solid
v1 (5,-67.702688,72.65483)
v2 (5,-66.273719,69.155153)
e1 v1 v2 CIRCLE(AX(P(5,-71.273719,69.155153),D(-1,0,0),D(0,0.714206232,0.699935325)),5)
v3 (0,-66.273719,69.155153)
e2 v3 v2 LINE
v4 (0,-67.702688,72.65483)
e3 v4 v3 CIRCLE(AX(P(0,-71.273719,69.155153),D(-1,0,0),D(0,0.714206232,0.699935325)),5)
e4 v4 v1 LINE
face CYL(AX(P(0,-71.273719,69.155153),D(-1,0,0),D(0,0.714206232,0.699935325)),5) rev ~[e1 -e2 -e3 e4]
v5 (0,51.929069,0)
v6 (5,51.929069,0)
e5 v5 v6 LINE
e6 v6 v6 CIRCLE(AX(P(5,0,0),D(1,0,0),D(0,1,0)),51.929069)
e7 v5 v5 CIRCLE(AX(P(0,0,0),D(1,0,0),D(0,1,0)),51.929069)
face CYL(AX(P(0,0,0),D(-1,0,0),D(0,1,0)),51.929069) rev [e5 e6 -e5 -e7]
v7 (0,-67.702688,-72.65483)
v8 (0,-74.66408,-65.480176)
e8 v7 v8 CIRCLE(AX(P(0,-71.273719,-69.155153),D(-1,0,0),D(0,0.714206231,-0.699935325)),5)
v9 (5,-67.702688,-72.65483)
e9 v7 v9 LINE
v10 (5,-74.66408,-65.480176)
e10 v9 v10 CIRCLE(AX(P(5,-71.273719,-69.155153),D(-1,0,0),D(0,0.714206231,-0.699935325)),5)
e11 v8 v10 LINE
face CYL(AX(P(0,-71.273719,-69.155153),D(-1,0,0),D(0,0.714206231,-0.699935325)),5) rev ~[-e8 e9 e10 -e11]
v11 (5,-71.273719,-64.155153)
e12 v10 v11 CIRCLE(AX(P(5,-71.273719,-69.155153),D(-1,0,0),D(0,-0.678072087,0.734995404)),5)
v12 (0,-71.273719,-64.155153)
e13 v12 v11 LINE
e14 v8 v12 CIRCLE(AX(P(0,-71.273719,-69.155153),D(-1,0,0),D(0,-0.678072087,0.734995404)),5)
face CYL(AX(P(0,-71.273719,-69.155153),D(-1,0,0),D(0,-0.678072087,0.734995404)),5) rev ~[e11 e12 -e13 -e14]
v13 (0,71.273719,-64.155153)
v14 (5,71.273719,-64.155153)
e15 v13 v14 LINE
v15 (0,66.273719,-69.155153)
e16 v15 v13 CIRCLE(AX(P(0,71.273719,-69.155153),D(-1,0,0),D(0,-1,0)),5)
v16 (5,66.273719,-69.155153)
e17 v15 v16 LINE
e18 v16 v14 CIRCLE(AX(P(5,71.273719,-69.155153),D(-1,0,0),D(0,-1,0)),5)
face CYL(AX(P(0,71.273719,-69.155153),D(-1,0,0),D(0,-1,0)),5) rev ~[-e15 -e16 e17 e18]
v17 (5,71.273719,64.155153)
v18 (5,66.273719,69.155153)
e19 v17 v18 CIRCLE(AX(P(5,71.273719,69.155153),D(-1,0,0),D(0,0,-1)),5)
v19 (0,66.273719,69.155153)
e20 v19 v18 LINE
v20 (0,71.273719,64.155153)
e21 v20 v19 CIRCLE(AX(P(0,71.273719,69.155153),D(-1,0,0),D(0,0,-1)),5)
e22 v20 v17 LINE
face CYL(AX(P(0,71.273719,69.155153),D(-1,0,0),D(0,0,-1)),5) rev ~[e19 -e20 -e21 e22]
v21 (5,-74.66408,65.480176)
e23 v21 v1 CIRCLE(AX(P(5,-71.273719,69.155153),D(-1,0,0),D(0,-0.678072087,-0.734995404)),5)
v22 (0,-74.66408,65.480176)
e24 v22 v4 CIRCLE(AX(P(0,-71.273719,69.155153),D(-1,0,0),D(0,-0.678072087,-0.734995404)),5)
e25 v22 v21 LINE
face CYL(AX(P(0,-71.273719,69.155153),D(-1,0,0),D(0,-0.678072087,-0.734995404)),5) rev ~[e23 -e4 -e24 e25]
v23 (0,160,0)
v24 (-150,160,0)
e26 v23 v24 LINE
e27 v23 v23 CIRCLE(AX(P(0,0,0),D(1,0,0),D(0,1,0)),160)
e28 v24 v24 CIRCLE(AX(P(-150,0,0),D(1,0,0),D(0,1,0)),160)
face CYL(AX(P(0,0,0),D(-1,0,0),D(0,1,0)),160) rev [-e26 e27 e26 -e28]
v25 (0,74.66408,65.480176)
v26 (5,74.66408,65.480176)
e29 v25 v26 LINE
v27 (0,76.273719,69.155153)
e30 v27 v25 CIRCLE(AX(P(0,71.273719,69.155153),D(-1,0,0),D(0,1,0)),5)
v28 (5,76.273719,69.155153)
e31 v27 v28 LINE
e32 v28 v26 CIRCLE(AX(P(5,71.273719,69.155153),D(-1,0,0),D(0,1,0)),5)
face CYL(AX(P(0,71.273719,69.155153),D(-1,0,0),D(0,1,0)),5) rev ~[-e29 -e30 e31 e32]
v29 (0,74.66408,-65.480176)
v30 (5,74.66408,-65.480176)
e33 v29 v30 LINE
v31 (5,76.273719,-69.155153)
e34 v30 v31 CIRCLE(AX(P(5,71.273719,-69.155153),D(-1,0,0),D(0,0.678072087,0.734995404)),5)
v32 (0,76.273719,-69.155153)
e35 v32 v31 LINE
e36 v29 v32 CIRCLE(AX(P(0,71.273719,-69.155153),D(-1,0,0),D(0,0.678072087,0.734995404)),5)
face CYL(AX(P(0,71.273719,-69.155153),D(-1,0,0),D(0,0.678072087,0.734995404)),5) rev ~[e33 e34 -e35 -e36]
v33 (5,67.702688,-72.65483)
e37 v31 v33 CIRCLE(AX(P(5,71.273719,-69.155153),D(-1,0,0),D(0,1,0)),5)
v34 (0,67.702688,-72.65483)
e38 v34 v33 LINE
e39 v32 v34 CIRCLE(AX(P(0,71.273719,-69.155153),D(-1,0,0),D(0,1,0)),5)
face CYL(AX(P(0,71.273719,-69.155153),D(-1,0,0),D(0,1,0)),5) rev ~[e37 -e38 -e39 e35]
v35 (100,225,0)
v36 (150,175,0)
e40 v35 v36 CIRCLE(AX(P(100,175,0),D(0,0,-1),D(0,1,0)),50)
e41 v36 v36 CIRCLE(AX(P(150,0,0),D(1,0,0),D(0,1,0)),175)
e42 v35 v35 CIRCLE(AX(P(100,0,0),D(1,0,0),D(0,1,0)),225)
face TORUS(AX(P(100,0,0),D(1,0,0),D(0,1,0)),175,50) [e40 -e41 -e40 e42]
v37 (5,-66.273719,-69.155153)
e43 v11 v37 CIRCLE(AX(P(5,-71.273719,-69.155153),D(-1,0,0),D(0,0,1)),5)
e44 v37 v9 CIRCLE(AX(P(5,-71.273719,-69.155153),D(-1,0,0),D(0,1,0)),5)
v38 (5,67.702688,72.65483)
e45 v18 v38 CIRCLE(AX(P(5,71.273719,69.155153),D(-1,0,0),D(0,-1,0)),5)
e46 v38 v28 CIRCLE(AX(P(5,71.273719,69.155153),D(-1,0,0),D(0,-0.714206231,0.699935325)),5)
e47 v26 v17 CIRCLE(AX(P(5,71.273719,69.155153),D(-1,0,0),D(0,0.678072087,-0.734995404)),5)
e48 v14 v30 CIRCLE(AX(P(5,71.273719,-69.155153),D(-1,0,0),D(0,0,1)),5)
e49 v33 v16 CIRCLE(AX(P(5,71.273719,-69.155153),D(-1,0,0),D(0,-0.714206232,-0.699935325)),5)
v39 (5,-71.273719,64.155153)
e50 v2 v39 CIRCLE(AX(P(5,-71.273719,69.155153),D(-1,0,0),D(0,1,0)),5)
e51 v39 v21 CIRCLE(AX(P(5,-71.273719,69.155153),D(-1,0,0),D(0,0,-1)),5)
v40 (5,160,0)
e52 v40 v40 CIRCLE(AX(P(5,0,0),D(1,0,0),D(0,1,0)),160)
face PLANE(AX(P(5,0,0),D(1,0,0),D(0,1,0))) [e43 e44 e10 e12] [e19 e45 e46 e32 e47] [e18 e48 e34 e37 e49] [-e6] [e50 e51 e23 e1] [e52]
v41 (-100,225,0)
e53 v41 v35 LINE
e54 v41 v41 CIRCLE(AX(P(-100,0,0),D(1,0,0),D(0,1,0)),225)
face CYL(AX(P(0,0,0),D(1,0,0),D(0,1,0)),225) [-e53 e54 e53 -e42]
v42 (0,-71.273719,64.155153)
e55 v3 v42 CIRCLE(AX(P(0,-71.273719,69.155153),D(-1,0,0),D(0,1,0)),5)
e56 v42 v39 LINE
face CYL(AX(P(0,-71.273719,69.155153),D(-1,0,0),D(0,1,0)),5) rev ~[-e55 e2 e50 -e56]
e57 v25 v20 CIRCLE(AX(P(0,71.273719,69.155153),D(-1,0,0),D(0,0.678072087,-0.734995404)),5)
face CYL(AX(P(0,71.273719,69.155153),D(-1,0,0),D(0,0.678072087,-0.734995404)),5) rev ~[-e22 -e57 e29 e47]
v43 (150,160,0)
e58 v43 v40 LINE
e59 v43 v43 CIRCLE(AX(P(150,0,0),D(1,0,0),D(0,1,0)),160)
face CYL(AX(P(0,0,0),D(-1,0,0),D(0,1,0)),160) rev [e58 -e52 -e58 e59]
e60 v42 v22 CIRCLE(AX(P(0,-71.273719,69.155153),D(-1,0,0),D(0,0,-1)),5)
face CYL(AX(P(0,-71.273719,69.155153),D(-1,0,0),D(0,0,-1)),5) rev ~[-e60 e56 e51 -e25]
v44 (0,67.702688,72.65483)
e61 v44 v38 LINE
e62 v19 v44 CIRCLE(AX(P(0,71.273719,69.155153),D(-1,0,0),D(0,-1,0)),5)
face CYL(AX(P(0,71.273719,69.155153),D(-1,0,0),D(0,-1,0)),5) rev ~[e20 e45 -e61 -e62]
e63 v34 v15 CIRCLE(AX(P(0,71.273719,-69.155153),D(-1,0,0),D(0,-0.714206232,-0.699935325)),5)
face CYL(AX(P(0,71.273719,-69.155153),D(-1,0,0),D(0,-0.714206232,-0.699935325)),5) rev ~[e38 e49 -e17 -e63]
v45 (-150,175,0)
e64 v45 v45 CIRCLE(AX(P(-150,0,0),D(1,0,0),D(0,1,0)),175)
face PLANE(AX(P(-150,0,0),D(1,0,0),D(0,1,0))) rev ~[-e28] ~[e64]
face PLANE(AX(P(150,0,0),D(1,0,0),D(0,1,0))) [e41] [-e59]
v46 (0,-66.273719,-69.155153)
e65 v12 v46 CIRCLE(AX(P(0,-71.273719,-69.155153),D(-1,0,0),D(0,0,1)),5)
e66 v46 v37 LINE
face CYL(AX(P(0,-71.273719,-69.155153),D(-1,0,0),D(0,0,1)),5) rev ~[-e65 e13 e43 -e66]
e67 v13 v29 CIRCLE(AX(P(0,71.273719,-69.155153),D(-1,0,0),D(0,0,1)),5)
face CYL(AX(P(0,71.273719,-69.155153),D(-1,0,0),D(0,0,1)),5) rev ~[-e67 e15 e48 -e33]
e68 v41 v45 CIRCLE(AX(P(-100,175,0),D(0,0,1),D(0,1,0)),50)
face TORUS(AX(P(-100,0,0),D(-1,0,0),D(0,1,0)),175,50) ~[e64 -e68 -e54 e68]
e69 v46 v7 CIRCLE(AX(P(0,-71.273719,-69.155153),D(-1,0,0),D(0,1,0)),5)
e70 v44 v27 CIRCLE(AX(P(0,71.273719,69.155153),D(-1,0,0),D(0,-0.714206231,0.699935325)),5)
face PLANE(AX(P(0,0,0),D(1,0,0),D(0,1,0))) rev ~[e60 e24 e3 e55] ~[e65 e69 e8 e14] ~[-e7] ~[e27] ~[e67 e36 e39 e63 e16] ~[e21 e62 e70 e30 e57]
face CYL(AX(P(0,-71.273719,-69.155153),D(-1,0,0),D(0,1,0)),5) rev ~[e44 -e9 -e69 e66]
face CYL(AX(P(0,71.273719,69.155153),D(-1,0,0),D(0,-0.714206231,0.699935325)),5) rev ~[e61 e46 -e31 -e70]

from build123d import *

# Parameters (mm, degrees)
F0_R     = 225
F0_R_2   = 160
F1_DEPTH = 150
F2_R     = 50
F0_R_3   = 51.929068635
F3_DEPTH = 5


with BuildPart() as f1:
    # F0 (on Right) → F1 (new body, symmetric)
    with BuildSketch(Plane.YZ):
        Circle(F0_R)
        Circle(F0_R_2, mode=Mode.SUBTRACT)
    extrude(amount=F1_DEPTH, both=True)

    # F2
    f2_edges = [f1.edges().sort_by_distance(p)[0] for p in [
        (150, -225, 0),
        (-150, -225, 0),
        (0, 225, 0),
    ]]
    fillet(f2_edges, radius=F2_R)

    # F0 (on Right) → F3 (join)
    with BuildSketch(Plane.YZ):
        Circle(F0_R_2)
        with BuildLine():
            ThreePointArc((74.6640796825, 65.4801758986), (92.944153106, 34.982318876), (99.3095072515, 0))
            ThreePointArc((99.3095072515, 0), (92.944153106, -34.982318876), (74.6640796825, -65.4801758986))
            ThreePointArc((74.6640796825, -65.4801758986), (75.8536647795, -67.1491372402), (76.2737192458, -69.1551529202))
            ThreePointArc((76.2737192458, -69.1551529202), (73.1638044573, -73.7841461037), (67.7026880885, -72.6548295444))
            ThreePointArc((67.7026880885, -72.6548295444), (0, -99.3095072515), (-67.7026880885, -72.6548295444))
            ThreePointArc((-67.7026880885, -72.6548295444), (-74.8621832921, -72.6369521373), (-74.6640796825, -65.4801758986))
            ThreePointArc((-74.6640796825, -65.4801758986), (-99.3095072515, 0), (-74.6640796825, 65.4801758986))
            ThreePointArc((-74.6640796825, 65.4801758986), (-74.8621832921, 72.6369521373), (-67.7026880885, 72.6548295444))
            ThreePointArc((-67.7026880885, 72.6548295444), (0, 99.3095072515), (67.7026880885, 72.6548295444))
            ThreePointArc((67.7026880885, 72.6548295444), (73.1638044573, 73.7841461037), (76.2737192458, 69.1551529202))
            ThreePointArc((76.2737192458, 69.1551529202), (75.8536647795, 67.1491372402), (74.6640796825, 65.4801758986))
        make_face(mode=Mode.SUBTRACT)
        with BuildLine():
            ThreePointArc((-71.2737192458, 64.1551529202), (-73.0937624997, 64.4981750853), (-74.6640796825, 65.4801758986))
            ThreePointArc((-74.6640796825, 65.4801758986), (-99.3095072515, 0), (-74.6640796825, -65.4801758986))
            ThreePointArc((-74.6640796825, -65.4801758986), (-73.0937624997, -64.4981750853), (-71.2737192458, -64.1551529202))
            Line((-71.2737192458, -64.1551529202), (-71.2737192458, 64.1551529202))
        make_face()
        with BuildLine():
            ThreePointArc((66.2737192458, 69.1551529202), (66.6447260623, 71.0452381317), (67.7026880885, 72.6548295444))
            ThreePointArc((67.7026880885, 72.6548295444), (0, 99.3095072515), (-67.7026880885, 72.6548295444))
            ThreePointArc((-67.7026880885, 72.6548295444), (-66.6447260623, 71.0452381317), (-66.2737192458, 69.1551529202))
            Line((-66.2737192458, 69.1551529202), (66.2737192458, 69.1551529202))
        make_face()
        with BuildLine():
            ThreePointArc((-67.7026880885, -72.6548295444), (0, -99.3095072515), (67.7026880885, -72.6548295444))
            ThreePointArc((67.7026880885, -72.6548295444), (66.6447260623, -71.0452381317), (66.2737192458, -69.1551529202))
            Line((66.2737192458, -69.1551529202), (-66.2737192458, -69.1551529202))
            ThreePointArc((-66.2737192458, -69.1551529202), (-66.6447260623, -71.0452381317), (-67.7026880885, -72.6548295444))
        make_face()
        with BuildLine():
            Line((71.2737192458, -64.1551529202), (71.2737192458, 64.1551529202))
            ThreePointArc((71.2737192458, 64.1551529202), (67.7381853399, 65.6196190142), (66.2737192458, 69.1551529202))
            Line((66.2737192458, 69.1551529202), (-66.2737192458, 69.1551529202))
            ThreePointArc((-66.2737192458, 69.1551529202), (-67.7381853399, 65.6196190142), (-71.2737192458, 64.1551529202))
            Line((-71.2737192458, 64.1551529202), (-71.2737192458, -64.1551529202))
            ThreePointArc((-71.2737192458, -64.1551529202), (-67.7381853399, -65.6196190142), (-66.2737192458, -69.1551529202))
            Line((-66.2737192458, -69.1551529202), (66.2737192458, -69.1551529202))
            ThreePointArc((66.2737192458, -69.1551529202), (67.7381853399, -65.6196190142), (71.2737192458, -64.1551529202))
        make_face()
        Circle(F0_R_3, mode=Mode.SUBTRACT)
        with BuildLine():
            ThreePointArc((74.6640796825, -65.4801758986), (92.944153106, -34.982318876), (99.3095072515, 0))
            ThreePointArc((99.3095072515, 0), (92.944153106, 34.982318876), (74.6640796825, 65.4801758986))
            ThreePointArc((74.6640796825, 65.4801758986), (73.0937624997, 64.4981750853), (71.2737192458, 64.1551529202))
            Line((71.2737192458, 64.1551529202), (71.2737192458, -64.1551529202))
            ThreePointArc((71.2737192458, -64.1551529202), (73.0937624997, -64.4981750853), (74.6640796825, -65.4801758986))
        make_face()
    extrude(amount=F3_DEPTH)


solid = f1.part
